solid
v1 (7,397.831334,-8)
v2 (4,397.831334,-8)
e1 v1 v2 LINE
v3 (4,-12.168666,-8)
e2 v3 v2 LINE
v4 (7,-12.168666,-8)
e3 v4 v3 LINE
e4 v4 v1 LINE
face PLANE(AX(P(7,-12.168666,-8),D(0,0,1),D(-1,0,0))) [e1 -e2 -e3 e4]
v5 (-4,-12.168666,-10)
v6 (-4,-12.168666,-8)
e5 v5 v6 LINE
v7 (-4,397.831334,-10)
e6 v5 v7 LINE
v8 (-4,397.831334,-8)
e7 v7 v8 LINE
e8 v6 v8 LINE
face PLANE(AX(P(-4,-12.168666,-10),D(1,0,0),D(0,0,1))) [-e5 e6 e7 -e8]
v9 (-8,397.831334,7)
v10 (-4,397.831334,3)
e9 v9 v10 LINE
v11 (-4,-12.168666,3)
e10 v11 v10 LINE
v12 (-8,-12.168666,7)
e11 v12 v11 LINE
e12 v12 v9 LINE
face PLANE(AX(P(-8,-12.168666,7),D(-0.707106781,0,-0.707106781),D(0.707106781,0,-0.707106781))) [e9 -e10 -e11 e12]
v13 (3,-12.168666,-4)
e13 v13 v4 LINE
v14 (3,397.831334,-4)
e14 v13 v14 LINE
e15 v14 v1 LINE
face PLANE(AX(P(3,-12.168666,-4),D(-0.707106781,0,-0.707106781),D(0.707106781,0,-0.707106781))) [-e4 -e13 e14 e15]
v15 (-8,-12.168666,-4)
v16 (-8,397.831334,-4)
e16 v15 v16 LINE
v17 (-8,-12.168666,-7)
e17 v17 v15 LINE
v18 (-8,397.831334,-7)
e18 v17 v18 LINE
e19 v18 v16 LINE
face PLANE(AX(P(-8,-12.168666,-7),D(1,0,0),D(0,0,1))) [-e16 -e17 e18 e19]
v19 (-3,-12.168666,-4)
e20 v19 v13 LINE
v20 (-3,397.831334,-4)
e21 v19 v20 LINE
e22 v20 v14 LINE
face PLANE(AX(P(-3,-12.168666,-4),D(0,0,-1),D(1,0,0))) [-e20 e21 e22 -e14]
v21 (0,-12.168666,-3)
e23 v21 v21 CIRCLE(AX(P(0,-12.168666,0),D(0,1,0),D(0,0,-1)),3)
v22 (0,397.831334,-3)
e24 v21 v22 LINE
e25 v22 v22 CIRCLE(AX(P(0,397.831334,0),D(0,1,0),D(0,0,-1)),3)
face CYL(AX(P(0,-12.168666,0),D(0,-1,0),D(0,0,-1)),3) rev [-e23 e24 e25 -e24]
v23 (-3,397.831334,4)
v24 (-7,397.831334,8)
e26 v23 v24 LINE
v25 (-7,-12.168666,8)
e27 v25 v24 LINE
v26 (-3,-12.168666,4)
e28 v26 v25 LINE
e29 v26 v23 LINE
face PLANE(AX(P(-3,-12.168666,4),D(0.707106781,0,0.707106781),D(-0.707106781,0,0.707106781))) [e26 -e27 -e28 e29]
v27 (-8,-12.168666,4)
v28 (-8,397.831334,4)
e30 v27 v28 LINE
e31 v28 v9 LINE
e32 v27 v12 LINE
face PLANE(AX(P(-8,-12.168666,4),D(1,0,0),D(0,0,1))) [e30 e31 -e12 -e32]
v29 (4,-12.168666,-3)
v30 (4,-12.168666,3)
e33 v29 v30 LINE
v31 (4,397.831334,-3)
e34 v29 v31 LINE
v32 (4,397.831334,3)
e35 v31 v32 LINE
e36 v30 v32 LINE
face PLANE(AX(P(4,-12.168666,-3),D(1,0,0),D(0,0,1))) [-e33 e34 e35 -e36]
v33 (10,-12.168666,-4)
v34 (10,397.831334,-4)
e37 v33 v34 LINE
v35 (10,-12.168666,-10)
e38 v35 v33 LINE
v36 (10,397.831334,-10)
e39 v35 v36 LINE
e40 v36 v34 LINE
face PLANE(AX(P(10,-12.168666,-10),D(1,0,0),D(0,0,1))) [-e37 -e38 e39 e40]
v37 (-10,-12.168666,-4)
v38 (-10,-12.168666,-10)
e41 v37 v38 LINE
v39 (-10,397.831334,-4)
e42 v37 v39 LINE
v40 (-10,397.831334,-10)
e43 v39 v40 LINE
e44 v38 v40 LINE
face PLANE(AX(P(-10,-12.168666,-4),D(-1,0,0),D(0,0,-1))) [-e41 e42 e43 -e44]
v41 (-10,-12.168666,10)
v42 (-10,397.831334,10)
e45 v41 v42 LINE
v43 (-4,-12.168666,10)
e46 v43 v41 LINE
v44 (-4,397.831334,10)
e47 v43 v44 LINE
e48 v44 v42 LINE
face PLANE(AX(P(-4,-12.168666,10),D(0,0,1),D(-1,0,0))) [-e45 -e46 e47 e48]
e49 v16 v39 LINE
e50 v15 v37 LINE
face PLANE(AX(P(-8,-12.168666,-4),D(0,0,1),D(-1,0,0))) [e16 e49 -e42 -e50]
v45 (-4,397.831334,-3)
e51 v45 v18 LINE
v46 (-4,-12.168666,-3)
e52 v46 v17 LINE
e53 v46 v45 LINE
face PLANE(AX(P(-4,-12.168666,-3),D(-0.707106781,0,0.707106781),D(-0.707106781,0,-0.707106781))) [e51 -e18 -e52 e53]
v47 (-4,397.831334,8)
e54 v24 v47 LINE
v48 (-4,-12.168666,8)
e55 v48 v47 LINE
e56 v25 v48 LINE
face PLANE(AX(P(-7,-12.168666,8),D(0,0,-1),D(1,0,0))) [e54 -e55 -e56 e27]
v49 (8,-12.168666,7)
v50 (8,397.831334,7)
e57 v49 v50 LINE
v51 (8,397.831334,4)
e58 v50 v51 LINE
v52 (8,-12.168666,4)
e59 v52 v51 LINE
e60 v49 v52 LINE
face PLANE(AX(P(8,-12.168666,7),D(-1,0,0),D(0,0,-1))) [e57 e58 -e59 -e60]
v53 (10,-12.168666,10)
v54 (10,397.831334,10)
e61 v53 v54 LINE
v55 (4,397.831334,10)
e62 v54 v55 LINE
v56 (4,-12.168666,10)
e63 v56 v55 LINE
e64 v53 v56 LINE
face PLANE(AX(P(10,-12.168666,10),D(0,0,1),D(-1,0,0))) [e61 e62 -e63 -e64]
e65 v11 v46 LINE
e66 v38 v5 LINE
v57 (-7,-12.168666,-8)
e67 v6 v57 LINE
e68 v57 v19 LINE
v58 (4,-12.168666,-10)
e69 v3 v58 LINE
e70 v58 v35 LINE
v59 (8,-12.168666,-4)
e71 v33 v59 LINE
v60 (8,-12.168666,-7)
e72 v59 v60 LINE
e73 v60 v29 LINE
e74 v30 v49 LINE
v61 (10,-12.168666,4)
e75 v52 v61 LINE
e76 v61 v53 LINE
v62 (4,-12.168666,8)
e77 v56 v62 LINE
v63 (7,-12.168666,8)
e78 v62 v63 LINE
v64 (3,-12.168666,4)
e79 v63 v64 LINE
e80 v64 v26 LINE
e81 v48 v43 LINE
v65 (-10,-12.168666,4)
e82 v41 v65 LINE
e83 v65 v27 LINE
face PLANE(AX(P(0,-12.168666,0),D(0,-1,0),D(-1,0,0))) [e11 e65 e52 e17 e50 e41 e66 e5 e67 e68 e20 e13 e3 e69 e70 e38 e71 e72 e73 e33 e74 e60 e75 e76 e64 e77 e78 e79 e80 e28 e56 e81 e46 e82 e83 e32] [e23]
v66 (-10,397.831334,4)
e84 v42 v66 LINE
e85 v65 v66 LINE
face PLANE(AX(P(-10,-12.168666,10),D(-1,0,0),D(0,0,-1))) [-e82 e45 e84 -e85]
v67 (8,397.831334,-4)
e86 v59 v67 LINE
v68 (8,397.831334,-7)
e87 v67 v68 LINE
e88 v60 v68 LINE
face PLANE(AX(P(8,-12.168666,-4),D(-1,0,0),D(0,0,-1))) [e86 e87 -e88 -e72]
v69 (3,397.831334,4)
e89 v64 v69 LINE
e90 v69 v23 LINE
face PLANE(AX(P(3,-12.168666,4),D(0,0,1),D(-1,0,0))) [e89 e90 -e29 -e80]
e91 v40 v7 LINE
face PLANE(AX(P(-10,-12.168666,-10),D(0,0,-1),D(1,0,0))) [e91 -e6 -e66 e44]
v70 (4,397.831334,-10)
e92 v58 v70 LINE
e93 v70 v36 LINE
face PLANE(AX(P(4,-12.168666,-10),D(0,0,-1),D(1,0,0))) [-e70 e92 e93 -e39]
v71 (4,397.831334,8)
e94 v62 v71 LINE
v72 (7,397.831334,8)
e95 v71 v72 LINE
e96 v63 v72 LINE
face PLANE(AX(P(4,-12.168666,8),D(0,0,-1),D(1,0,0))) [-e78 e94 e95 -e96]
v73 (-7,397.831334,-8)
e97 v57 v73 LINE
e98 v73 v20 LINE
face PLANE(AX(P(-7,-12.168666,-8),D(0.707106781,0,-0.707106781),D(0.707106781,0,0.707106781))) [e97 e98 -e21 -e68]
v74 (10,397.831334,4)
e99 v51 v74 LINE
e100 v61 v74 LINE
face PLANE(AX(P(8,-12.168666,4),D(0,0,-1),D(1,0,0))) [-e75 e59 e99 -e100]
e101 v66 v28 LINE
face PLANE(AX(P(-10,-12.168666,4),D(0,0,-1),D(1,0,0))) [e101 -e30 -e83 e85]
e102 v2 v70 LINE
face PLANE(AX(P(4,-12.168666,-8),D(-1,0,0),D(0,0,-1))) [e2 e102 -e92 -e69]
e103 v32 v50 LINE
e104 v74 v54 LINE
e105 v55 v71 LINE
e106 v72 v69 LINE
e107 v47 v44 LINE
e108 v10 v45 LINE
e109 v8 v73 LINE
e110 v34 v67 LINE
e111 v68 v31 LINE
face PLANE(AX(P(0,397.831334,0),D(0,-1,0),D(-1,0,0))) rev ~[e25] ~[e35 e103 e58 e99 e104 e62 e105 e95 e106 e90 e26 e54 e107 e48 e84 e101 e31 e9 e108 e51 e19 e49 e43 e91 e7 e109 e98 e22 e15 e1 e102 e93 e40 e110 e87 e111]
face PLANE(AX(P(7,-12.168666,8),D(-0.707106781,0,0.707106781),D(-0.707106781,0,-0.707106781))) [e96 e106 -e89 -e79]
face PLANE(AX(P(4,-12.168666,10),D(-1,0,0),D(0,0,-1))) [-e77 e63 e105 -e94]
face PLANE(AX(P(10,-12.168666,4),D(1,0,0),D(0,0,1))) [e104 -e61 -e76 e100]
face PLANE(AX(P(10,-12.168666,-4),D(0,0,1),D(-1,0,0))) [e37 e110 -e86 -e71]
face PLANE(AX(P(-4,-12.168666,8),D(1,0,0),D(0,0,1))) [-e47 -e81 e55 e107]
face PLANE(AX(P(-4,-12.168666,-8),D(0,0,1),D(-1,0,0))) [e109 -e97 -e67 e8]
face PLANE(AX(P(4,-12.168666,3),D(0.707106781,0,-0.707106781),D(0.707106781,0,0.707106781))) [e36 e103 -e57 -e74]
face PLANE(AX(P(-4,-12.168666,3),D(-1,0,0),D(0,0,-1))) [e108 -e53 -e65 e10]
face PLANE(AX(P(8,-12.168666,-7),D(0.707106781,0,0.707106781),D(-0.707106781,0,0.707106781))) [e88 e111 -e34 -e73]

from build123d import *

# Parameters (mm, degrees)
BOSS_EXTRUDE1_START = -12.168666
F_2020_SKETCH_R     = 3
BOSS_EXTRUDE1_DEPTH = 410


with BuildPart() as part:
    # 2020 sketch → Boss-Extrude1 (new body)
    with BuildSketch(Plane(origin=(0, 0, 0), x_dir=(1, 0, 0), z_dir=(0, 1, 0)).offset(BOSS_EXTRUDE1_START)):
        Polygon((-4, 10), (-4, 8), (-7, 8), (-3, 4), (3, 4), (7, 8), (4, 8), (4, 10), (10, 10), (10, 4), (8, 4), (8, 7), (4, 3), (4, -3), (8, -7), (8, -4), (10, -4), (10, -10), (4, -10), (4, -8), (7, -8), (3, -4), (-3, -4), (-7, -8), (-4, -8), (-4, -10), (-10, -10), (-10, -4), (-8, -4), (-8, -7), (-4, -3), (-4, 3), (-8, 7), (-8, 4), (-10, 4), (-10, 10), align=None)
        with Locations(Location((0, 0, 0), (0, 0, 90))):
            Circle(F_2020_SKETCH_R, mode=Mode.SUBTRACT)
    extrude(amount=BOSS_EXTRUDE1_DEPTH)


solid = part.part
